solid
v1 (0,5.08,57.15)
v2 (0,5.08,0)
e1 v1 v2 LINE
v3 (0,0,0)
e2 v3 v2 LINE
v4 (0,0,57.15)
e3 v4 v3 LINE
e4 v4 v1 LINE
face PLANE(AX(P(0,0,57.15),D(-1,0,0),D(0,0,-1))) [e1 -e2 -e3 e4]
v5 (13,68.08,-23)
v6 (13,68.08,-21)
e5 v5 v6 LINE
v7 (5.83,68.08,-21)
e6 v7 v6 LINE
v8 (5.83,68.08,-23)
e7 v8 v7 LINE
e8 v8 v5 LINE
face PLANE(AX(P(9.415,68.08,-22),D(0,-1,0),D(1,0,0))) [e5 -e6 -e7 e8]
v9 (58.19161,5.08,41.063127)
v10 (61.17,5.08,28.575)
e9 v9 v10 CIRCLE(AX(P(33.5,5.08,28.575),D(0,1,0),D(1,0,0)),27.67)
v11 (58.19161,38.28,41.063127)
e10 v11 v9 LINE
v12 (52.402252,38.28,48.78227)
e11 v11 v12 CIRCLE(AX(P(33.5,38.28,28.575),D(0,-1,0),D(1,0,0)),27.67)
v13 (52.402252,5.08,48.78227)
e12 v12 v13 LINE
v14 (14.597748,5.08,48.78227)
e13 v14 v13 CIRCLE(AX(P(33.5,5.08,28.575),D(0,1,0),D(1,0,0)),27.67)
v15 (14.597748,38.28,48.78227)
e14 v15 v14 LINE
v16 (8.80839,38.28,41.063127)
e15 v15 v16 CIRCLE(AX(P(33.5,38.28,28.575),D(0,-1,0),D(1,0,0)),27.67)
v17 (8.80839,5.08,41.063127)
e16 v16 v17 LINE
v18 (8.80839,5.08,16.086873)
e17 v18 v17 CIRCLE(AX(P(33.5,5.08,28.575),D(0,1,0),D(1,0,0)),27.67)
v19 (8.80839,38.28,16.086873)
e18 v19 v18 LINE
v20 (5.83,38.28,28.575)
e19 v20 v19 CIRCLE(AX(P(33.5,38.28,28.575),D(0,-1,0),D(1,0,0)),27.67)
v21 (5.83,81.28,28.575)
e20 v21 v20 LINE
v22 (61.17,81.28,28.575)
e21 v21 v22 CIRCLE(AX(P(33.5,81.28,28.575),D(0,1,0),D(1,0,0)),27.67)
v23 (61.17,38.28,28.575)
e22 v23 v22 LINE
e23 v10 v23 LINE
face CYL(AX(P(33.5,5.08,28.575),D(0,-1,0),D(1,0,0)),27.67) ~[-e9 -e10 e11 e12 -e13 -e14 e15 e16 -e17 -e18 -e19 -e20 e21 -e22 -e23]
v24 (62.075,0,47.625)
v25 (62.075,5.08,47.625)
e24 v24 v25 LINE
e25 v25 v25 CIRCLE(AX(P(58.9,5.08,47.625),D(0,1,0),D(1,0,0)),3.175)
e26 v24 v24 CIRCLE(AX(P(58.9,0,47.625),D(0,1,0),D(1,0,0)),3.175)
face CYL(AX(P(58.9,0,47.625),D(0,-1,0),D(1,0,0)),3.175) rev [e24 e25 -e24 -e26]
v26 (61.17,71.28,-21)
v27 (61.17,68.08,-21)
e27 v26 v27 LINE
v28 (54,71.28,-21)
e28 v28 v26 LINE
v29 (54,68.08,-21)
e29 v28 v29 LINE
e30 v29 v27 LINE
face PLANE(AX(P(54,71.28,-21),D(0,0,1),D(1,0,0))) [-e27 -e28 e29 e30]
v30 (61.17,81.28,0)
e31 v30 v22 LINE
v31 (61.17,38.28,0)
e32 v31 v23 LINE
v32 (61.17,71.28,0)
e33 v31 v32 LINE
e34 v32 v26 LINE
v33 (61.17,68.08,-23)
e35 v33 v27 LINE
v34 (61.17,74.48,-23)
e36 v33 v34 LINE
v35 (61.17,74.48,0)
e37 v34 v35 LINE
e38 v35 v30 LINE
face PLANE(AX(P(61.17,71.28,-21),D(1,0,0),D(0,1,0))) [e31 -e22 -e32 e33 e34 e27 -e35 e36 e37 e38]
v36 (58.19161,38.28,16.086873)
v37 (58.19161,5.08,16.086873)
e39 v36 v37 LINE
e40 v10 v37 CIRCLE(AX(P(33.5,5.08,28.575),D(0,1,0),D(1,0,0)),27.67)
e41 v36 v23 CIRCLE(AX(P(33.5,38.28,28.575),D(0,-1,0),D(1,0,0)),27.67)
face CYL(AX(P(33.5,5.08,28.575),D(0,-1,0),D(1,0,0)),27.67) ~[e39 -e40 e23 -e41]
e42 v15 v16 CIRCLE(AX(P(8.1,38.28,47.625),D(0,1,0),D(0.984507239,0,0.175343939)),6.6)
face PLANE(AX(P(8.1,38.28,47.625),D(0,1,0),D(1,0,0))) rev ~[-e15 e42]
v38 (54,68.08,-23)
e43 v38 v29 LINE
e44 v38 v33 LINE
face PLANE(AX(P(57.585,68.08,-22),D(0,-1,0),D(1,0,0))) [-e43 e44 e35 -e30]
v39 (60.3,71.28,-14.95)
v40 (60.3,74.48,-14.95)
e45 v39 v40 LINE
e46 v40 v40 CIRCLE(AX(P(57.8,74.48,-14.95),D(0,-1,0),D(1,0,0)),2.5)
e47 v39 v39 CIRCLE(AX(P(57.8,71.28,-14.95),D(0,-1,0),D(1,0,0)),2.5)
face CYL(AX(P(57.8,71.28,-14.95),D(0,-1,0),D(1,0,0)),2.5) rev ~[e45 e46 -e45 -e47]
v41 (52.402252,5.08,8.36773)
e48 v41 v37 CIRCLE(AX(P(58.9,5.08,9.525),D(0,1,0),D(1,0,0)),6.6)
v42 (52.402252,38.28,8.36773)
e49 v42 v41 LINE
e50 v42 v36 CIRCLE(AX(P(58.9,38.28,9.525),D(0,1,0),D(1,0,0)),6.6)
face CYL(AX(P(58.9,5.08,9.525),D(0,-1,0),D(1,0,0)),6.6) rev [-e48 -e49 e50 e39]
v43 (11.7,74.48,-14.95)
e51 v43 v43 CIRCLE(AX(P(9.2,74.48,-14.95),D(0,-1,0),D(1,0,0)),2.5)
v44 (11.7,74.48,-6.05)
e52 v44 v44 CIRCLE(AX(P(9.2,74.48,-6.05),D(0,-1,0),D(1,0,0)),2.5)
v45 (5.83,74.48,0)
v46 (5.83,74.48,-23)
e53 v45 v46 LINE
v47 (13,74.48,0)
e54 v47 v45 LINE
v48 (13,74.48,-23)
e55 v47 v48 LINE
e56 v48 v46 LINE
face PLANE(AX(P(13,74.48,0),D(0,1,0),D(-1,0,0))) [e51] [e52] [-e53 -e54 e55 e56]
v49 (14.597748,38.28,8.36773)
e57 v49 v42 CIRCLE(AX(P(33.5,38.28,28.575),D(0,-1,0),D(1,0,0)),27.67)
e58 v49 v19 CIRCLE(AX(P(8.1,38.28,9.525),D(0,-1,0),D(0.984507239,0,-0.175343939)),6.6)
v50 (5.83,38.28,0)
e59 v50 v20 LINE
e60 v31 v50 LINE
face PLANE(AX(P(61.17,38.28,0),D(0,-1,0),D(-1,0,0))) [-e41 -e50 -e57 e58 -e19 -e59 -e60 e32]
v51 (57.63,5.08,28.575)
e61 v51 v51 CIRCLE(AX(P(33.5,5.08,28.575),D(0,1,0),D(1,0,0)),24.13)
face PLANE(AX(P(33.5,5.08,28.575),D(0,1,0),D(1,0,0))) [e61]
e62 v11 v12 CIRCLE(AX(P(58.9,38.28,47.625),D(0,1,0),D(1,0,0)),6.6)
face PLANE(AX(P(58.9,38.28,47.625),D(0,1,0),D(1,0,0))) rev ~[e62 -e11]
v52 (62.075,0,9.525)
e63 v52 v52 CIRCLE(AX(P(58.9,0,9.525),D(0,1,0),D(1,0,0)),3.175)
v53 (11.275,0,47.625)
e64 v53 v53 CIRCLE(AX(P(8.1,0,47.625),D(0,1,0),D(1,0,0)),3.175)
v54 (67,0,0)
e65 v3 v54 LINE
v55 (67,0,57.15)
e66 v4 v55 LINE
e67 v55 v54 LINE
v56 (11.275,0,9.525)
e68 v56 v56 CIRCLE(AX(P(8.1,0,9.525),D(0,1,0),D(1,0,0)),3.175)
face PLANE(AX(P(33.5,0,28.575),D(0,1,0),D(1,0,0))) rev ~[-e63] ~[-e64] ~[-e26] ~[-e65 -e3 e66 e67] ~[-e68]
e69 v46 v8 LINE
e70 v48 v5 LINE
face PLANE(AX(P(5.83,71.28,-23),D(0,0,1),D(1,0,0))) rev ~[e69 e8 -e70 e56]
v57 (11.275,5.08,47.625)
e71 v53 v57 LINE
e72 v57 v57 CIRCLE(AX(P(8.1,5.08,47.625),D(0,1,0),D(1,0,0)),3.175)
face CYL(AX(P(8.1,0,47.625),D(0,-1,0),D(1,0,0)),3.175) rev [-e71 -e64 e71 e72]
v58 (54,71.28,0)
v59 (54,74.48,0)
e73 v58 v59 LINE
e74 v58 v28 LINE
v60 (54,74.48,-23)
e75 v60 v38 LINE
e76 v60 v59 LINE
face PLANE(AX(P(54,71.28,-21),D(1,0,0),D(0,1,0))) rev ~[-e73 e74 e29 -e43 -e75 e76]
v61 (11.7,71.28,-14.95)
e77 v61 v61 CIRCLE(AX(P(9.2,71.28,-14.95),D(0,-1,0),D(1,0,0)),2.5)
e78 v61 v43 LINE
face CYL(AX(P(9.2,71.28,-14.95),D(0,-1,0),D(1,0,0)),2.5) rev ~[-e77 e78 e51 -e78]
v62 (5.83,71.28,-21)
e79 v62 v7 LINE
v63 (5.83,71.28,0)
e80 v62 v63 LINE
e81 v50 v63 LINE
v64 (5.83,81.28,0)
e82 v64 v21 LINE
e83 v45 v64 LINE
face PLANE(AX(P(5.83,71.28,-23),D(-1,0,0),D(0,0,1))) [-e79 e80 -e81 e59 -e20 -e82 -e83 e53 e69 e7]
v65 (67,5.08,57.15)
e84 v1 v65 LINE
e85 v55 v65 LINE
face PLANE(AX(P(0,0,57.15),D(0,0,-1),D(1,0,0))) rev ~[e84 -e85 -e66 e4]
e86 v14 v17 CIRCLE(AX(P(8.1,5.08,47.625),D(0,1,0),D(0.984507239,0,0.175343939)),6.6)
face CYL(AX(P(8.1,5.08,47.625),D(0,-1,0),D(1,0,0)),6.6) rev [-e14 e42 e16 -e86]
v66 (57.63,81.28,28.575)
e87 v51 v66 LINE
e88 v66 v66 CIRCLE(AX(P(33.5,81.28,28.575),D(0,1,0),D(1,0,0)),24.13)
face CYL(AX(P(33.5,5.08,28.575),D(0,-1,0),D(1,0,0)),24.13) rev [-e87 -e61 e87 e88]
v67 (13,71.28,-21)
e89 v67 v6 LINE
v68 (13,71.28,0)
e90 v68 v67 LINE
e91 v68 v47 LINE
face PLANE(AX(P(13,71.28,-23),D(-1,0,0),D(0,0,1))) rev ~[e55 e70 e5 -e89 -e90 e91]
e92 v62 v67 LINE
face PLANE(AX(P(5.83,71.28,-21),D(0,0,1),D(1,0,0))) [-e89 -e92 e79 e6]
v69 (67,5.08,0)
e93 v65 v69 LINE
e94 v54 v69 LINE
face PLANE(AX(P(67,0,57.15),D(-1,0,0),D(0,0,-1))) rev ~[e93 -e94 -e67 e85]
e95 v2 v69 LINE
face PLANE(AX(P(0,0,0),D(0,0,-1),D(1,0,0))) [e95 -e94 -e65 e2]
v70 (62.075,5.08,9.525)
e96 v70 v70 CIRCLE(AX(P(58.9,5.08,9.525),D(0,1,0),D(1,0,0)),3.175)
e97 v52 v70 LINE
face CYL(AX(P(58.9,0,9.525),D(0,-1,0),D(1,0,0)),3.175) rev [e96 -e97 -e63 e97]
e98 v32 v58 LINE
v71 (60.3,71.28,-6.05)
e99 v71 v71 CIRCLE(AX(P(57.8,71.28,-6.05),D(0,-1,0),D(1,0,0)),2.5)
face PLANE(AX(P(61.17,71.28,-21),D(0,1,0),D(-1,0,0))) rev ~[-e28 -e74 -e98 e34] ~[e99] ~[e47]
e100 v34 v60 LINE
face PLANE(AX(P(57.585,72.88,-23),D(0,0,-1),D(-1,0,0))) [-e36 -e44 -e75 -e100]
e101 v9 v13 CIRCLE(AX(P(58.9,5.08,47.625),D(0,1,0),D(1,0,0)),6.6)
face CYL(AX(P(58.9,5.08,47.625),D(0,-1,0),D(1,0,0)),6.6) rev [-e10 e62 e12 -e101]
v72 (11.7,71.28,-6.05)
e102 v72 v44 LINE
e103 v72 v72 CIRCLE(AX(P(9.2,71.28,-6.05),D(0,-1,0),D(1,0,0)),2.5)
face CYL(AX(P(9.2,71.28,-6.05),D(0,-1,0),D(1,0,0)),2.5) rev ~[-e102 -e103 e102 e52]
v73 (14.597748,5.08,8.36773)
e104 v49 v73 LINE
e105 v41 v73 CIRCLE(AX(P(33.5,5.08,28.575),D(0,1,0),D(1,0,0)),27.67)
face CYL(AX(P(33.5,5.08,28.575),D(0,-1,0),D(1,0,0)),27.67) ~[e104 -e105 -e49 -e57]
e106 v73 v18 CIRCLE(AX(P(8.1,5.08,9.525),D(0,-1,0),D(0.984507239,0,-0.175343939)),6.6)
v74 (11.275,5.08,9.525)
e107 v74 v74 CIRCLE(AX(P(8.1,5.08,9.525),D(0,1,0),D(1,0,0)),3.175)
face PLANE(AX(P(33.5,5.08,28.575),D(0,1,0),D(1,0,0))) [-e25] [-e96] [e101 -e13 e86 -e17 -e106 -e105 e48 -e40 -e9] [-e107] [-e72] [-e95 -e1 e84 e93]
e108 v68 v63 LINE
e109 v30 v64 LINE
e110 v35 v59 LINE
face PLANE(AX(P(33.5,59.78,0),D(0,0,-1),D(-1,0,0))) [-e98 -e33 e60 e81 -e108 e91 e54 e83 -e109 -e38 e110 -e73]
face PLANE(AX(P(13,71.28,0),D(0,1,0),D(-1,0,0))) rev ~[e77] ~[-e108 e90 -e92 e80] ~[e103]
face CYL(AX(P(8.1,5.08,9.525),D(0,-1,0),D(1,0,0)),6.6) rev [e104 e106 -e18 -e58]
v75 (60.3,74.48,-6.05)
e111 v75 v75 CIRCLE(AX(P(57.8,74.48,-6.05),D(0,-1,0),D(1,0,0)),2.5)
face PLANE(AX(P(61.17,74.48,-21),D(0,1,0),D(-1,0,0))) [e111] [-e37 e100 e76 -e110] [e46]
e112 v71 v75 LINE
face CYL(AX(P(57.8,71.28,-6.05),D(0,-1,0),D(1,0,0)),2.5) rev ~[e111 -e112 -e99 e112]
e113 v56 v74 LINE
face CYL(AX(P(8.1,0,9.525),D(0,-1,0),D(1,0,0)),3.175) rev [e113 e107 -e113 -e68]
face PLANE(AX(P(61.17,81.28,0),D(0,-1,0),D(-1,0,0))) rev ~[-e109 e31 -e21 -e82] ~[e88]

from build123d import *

# Parameters (mm, degrees)
SKETCH1_W           = 67
SKETCH1_H           = 57.15
SKETCH1_R           = 3.175
BOSS_EXTRUDE1_DEPTH = 5.08
SKETCH2_R           = 27.67
SKETCH2_R_2         = 24.13
BOSS_EXTRUDE2_DEPTH = 76.2
BOSS_EXTRUDE3_REACH = 59.15
SKETCH4_W           = 55.34
SKETCH4_H           = 43
SKETCH5_W           = 7.17
SKETCH5_H           = 3.2
BOSS_EXTRUDE4_DEPTH = 21
SKETCH6_R           = 2.5
CUT_EXTRUDE1_DEPTH  = 11
SKETCH7_W           = 7.17
SKETCH7_H           = 3.2
BOSS_EXTRUDE5_DEPTH = 2
SKETCH8_W           = 7.17
SKETCH8_H           = 2
BOSS_EXTRUDE6_DEPTH = 3.2
SKETCH9_R           = 6.6
CUT_EXTRUDE2_DEPTH  = 33.2


with BuildPart() as part:
    # Sketch1 → Boss-Extrude1 (new body)
    with BuildSketch(Plane(origin=(0, 0, 0), x_dir=(1, 0, 0), z_dir=(0, 1, 0))):
        with Locations((33.5, -28.575)):
            Rectangle(SKETCH1_W, SKETCH1_H)
        with Locations((8.1, -9.525)):
            Circle(SKETCH1_R, mode=Mode.SUBTRACT)
        with Locations((58.9, -9.525)):
            Circle(SKETCH1_R, mode=Mode.SUBTRACT)
        with Locations((58.9, -47.625)):
            Circle(SKETCH1_R, mode=Mode.SUBTRACT)
        with Locations((8.1, -47.625)):
            Circle(SKETCH1_R, mode=Mode.SUBTRACT)
    extrude(amount=BOSS_EXTRUDE1_DEPTH)

    # Sketch2 → Boss-Extrude2 (add)
    with BuildSketch(Plane(origin=(0, 5.08, 0), x_dir=(1, 0, 0), z_dir=(0, 1, 0))):
        with Locations((33.5, -28.575)):
            Circle(SKETCH2_R)
        with Locations((33.5, -28.575)):
            Circle(SKETCH2_R_2, mode=Mode.SUBTRACT)
    extrude(amount=BOSS_EXTRUDE2_DEPTH)

    # Sketch4 → Boss-Extrude3 (add, up to next)
    with BuildSketch(Plane(origin=(0, 0, 0), x_dir=(-1, 0, 0), z_dir=(0, 0, -1)), mode=Mode.PRIVATE) as boss_extrude3_sk1:
        with Locations((-33.5, 59.78)):
            Rectangle(SKETCH4_W, SKETCH4_H)
    boss_extrude3_tool1 = extrude(boss_extrude3_sk1.sketch, amount=-BOSS_EXTRUDE3_REACH, mode=Mode.PRIVATE) - part.part
    add(boss_extrude3_tool1.solids().sort_by_distance((33.5, 59.78, 0))[0])

    # Sketch5 → Boss-Extrude4 (add)
    with BuildSketch(Plane(origin=(0, 0, 0), x_dir=(-1, 0, 0), z_dir=(0, 0, -1))):
        with Locations((-9.415, 72.88)):
            Rectangle(SKETCH5_W, SKETCH5_H)
        with Locations((-57.585, 72.88)):
            Rectangle(SKETCH5_W, SKETCH5_H)
    extrude(amount=BOSS_EXTRUDE4_DEPTH)

    # Sketch6 → Cut-Extrude1 (cut, through all)
    with BuildSketch(Plane.XZ.offset(-71.28)):
        with Locations((9.2, -6.05)):
            Circle(SKETCH6_R)
        with Locations((57.8, -6.05)):
            Circle(SKETCH6_R)
        with Locations((57.8, -14.95)):
            Circle(SKETCH6_R)
        with Locations((9.2, -14.95)):
            Circle(SKETCH6_R)
    extrude(amount=-CUT_EXTRUDE1_DEPTH, mode=Mode.SUBTRACT)

    # Sketch7 → Boss-Extrude5 (add)
    with BuildSketch(Plane(origin=(0, 0, -21), x_dir=(-1, 0, 0), z_dir=(0, 0, -1))):
        with Locations((-57.585, 72.88)):
            Rectangle(SKETCH7_W, SKETCH7_H)
        with Locations((-9.415, 72.88)):
            Rectangle(SKETCH7_W, SKETCH7_H)
    extrude(amount=BOSS_EXTRUDE5_DEPTH)

    # Sketch8 → Boss-Extrude6 (add)
    with BuildSketch(Plane.XZ.offset(-71.28)):
        with Locations((9.415, -22)):
            Rectangle(SKETCH8_W, SKETCH8_H)
        with Locations((57.585, -22)):
            Rectangle(SKETCH8_W, SKETCH8_H)
    extrude(amount=BOSS_EXTRUDE6_DEPTH)

    # Sketch9 → Cut-Extrude2 (cut)
    with BuildSketch(Plane(origin=(0, 5.08, 0), x_dir=(1, 0, 0), z_dir=(0, 1, 0))):
        with Locations((8.1, -9.525)):
            Circle(SKETCH9_R)
        with Locations((58.9, -9.525)):
            Circle(SKETCH9_R)
        with Locations((58.9, -47.625)):
            Circle(SKETCH9_R)
        with Locations((8.1, -47.625)):
            Circle(SKETCH9_R)
    extrude(amount=CUT_EXTRUDE2_DEPTH, mode=Mode.SUBTRACT)


solid = part.part
